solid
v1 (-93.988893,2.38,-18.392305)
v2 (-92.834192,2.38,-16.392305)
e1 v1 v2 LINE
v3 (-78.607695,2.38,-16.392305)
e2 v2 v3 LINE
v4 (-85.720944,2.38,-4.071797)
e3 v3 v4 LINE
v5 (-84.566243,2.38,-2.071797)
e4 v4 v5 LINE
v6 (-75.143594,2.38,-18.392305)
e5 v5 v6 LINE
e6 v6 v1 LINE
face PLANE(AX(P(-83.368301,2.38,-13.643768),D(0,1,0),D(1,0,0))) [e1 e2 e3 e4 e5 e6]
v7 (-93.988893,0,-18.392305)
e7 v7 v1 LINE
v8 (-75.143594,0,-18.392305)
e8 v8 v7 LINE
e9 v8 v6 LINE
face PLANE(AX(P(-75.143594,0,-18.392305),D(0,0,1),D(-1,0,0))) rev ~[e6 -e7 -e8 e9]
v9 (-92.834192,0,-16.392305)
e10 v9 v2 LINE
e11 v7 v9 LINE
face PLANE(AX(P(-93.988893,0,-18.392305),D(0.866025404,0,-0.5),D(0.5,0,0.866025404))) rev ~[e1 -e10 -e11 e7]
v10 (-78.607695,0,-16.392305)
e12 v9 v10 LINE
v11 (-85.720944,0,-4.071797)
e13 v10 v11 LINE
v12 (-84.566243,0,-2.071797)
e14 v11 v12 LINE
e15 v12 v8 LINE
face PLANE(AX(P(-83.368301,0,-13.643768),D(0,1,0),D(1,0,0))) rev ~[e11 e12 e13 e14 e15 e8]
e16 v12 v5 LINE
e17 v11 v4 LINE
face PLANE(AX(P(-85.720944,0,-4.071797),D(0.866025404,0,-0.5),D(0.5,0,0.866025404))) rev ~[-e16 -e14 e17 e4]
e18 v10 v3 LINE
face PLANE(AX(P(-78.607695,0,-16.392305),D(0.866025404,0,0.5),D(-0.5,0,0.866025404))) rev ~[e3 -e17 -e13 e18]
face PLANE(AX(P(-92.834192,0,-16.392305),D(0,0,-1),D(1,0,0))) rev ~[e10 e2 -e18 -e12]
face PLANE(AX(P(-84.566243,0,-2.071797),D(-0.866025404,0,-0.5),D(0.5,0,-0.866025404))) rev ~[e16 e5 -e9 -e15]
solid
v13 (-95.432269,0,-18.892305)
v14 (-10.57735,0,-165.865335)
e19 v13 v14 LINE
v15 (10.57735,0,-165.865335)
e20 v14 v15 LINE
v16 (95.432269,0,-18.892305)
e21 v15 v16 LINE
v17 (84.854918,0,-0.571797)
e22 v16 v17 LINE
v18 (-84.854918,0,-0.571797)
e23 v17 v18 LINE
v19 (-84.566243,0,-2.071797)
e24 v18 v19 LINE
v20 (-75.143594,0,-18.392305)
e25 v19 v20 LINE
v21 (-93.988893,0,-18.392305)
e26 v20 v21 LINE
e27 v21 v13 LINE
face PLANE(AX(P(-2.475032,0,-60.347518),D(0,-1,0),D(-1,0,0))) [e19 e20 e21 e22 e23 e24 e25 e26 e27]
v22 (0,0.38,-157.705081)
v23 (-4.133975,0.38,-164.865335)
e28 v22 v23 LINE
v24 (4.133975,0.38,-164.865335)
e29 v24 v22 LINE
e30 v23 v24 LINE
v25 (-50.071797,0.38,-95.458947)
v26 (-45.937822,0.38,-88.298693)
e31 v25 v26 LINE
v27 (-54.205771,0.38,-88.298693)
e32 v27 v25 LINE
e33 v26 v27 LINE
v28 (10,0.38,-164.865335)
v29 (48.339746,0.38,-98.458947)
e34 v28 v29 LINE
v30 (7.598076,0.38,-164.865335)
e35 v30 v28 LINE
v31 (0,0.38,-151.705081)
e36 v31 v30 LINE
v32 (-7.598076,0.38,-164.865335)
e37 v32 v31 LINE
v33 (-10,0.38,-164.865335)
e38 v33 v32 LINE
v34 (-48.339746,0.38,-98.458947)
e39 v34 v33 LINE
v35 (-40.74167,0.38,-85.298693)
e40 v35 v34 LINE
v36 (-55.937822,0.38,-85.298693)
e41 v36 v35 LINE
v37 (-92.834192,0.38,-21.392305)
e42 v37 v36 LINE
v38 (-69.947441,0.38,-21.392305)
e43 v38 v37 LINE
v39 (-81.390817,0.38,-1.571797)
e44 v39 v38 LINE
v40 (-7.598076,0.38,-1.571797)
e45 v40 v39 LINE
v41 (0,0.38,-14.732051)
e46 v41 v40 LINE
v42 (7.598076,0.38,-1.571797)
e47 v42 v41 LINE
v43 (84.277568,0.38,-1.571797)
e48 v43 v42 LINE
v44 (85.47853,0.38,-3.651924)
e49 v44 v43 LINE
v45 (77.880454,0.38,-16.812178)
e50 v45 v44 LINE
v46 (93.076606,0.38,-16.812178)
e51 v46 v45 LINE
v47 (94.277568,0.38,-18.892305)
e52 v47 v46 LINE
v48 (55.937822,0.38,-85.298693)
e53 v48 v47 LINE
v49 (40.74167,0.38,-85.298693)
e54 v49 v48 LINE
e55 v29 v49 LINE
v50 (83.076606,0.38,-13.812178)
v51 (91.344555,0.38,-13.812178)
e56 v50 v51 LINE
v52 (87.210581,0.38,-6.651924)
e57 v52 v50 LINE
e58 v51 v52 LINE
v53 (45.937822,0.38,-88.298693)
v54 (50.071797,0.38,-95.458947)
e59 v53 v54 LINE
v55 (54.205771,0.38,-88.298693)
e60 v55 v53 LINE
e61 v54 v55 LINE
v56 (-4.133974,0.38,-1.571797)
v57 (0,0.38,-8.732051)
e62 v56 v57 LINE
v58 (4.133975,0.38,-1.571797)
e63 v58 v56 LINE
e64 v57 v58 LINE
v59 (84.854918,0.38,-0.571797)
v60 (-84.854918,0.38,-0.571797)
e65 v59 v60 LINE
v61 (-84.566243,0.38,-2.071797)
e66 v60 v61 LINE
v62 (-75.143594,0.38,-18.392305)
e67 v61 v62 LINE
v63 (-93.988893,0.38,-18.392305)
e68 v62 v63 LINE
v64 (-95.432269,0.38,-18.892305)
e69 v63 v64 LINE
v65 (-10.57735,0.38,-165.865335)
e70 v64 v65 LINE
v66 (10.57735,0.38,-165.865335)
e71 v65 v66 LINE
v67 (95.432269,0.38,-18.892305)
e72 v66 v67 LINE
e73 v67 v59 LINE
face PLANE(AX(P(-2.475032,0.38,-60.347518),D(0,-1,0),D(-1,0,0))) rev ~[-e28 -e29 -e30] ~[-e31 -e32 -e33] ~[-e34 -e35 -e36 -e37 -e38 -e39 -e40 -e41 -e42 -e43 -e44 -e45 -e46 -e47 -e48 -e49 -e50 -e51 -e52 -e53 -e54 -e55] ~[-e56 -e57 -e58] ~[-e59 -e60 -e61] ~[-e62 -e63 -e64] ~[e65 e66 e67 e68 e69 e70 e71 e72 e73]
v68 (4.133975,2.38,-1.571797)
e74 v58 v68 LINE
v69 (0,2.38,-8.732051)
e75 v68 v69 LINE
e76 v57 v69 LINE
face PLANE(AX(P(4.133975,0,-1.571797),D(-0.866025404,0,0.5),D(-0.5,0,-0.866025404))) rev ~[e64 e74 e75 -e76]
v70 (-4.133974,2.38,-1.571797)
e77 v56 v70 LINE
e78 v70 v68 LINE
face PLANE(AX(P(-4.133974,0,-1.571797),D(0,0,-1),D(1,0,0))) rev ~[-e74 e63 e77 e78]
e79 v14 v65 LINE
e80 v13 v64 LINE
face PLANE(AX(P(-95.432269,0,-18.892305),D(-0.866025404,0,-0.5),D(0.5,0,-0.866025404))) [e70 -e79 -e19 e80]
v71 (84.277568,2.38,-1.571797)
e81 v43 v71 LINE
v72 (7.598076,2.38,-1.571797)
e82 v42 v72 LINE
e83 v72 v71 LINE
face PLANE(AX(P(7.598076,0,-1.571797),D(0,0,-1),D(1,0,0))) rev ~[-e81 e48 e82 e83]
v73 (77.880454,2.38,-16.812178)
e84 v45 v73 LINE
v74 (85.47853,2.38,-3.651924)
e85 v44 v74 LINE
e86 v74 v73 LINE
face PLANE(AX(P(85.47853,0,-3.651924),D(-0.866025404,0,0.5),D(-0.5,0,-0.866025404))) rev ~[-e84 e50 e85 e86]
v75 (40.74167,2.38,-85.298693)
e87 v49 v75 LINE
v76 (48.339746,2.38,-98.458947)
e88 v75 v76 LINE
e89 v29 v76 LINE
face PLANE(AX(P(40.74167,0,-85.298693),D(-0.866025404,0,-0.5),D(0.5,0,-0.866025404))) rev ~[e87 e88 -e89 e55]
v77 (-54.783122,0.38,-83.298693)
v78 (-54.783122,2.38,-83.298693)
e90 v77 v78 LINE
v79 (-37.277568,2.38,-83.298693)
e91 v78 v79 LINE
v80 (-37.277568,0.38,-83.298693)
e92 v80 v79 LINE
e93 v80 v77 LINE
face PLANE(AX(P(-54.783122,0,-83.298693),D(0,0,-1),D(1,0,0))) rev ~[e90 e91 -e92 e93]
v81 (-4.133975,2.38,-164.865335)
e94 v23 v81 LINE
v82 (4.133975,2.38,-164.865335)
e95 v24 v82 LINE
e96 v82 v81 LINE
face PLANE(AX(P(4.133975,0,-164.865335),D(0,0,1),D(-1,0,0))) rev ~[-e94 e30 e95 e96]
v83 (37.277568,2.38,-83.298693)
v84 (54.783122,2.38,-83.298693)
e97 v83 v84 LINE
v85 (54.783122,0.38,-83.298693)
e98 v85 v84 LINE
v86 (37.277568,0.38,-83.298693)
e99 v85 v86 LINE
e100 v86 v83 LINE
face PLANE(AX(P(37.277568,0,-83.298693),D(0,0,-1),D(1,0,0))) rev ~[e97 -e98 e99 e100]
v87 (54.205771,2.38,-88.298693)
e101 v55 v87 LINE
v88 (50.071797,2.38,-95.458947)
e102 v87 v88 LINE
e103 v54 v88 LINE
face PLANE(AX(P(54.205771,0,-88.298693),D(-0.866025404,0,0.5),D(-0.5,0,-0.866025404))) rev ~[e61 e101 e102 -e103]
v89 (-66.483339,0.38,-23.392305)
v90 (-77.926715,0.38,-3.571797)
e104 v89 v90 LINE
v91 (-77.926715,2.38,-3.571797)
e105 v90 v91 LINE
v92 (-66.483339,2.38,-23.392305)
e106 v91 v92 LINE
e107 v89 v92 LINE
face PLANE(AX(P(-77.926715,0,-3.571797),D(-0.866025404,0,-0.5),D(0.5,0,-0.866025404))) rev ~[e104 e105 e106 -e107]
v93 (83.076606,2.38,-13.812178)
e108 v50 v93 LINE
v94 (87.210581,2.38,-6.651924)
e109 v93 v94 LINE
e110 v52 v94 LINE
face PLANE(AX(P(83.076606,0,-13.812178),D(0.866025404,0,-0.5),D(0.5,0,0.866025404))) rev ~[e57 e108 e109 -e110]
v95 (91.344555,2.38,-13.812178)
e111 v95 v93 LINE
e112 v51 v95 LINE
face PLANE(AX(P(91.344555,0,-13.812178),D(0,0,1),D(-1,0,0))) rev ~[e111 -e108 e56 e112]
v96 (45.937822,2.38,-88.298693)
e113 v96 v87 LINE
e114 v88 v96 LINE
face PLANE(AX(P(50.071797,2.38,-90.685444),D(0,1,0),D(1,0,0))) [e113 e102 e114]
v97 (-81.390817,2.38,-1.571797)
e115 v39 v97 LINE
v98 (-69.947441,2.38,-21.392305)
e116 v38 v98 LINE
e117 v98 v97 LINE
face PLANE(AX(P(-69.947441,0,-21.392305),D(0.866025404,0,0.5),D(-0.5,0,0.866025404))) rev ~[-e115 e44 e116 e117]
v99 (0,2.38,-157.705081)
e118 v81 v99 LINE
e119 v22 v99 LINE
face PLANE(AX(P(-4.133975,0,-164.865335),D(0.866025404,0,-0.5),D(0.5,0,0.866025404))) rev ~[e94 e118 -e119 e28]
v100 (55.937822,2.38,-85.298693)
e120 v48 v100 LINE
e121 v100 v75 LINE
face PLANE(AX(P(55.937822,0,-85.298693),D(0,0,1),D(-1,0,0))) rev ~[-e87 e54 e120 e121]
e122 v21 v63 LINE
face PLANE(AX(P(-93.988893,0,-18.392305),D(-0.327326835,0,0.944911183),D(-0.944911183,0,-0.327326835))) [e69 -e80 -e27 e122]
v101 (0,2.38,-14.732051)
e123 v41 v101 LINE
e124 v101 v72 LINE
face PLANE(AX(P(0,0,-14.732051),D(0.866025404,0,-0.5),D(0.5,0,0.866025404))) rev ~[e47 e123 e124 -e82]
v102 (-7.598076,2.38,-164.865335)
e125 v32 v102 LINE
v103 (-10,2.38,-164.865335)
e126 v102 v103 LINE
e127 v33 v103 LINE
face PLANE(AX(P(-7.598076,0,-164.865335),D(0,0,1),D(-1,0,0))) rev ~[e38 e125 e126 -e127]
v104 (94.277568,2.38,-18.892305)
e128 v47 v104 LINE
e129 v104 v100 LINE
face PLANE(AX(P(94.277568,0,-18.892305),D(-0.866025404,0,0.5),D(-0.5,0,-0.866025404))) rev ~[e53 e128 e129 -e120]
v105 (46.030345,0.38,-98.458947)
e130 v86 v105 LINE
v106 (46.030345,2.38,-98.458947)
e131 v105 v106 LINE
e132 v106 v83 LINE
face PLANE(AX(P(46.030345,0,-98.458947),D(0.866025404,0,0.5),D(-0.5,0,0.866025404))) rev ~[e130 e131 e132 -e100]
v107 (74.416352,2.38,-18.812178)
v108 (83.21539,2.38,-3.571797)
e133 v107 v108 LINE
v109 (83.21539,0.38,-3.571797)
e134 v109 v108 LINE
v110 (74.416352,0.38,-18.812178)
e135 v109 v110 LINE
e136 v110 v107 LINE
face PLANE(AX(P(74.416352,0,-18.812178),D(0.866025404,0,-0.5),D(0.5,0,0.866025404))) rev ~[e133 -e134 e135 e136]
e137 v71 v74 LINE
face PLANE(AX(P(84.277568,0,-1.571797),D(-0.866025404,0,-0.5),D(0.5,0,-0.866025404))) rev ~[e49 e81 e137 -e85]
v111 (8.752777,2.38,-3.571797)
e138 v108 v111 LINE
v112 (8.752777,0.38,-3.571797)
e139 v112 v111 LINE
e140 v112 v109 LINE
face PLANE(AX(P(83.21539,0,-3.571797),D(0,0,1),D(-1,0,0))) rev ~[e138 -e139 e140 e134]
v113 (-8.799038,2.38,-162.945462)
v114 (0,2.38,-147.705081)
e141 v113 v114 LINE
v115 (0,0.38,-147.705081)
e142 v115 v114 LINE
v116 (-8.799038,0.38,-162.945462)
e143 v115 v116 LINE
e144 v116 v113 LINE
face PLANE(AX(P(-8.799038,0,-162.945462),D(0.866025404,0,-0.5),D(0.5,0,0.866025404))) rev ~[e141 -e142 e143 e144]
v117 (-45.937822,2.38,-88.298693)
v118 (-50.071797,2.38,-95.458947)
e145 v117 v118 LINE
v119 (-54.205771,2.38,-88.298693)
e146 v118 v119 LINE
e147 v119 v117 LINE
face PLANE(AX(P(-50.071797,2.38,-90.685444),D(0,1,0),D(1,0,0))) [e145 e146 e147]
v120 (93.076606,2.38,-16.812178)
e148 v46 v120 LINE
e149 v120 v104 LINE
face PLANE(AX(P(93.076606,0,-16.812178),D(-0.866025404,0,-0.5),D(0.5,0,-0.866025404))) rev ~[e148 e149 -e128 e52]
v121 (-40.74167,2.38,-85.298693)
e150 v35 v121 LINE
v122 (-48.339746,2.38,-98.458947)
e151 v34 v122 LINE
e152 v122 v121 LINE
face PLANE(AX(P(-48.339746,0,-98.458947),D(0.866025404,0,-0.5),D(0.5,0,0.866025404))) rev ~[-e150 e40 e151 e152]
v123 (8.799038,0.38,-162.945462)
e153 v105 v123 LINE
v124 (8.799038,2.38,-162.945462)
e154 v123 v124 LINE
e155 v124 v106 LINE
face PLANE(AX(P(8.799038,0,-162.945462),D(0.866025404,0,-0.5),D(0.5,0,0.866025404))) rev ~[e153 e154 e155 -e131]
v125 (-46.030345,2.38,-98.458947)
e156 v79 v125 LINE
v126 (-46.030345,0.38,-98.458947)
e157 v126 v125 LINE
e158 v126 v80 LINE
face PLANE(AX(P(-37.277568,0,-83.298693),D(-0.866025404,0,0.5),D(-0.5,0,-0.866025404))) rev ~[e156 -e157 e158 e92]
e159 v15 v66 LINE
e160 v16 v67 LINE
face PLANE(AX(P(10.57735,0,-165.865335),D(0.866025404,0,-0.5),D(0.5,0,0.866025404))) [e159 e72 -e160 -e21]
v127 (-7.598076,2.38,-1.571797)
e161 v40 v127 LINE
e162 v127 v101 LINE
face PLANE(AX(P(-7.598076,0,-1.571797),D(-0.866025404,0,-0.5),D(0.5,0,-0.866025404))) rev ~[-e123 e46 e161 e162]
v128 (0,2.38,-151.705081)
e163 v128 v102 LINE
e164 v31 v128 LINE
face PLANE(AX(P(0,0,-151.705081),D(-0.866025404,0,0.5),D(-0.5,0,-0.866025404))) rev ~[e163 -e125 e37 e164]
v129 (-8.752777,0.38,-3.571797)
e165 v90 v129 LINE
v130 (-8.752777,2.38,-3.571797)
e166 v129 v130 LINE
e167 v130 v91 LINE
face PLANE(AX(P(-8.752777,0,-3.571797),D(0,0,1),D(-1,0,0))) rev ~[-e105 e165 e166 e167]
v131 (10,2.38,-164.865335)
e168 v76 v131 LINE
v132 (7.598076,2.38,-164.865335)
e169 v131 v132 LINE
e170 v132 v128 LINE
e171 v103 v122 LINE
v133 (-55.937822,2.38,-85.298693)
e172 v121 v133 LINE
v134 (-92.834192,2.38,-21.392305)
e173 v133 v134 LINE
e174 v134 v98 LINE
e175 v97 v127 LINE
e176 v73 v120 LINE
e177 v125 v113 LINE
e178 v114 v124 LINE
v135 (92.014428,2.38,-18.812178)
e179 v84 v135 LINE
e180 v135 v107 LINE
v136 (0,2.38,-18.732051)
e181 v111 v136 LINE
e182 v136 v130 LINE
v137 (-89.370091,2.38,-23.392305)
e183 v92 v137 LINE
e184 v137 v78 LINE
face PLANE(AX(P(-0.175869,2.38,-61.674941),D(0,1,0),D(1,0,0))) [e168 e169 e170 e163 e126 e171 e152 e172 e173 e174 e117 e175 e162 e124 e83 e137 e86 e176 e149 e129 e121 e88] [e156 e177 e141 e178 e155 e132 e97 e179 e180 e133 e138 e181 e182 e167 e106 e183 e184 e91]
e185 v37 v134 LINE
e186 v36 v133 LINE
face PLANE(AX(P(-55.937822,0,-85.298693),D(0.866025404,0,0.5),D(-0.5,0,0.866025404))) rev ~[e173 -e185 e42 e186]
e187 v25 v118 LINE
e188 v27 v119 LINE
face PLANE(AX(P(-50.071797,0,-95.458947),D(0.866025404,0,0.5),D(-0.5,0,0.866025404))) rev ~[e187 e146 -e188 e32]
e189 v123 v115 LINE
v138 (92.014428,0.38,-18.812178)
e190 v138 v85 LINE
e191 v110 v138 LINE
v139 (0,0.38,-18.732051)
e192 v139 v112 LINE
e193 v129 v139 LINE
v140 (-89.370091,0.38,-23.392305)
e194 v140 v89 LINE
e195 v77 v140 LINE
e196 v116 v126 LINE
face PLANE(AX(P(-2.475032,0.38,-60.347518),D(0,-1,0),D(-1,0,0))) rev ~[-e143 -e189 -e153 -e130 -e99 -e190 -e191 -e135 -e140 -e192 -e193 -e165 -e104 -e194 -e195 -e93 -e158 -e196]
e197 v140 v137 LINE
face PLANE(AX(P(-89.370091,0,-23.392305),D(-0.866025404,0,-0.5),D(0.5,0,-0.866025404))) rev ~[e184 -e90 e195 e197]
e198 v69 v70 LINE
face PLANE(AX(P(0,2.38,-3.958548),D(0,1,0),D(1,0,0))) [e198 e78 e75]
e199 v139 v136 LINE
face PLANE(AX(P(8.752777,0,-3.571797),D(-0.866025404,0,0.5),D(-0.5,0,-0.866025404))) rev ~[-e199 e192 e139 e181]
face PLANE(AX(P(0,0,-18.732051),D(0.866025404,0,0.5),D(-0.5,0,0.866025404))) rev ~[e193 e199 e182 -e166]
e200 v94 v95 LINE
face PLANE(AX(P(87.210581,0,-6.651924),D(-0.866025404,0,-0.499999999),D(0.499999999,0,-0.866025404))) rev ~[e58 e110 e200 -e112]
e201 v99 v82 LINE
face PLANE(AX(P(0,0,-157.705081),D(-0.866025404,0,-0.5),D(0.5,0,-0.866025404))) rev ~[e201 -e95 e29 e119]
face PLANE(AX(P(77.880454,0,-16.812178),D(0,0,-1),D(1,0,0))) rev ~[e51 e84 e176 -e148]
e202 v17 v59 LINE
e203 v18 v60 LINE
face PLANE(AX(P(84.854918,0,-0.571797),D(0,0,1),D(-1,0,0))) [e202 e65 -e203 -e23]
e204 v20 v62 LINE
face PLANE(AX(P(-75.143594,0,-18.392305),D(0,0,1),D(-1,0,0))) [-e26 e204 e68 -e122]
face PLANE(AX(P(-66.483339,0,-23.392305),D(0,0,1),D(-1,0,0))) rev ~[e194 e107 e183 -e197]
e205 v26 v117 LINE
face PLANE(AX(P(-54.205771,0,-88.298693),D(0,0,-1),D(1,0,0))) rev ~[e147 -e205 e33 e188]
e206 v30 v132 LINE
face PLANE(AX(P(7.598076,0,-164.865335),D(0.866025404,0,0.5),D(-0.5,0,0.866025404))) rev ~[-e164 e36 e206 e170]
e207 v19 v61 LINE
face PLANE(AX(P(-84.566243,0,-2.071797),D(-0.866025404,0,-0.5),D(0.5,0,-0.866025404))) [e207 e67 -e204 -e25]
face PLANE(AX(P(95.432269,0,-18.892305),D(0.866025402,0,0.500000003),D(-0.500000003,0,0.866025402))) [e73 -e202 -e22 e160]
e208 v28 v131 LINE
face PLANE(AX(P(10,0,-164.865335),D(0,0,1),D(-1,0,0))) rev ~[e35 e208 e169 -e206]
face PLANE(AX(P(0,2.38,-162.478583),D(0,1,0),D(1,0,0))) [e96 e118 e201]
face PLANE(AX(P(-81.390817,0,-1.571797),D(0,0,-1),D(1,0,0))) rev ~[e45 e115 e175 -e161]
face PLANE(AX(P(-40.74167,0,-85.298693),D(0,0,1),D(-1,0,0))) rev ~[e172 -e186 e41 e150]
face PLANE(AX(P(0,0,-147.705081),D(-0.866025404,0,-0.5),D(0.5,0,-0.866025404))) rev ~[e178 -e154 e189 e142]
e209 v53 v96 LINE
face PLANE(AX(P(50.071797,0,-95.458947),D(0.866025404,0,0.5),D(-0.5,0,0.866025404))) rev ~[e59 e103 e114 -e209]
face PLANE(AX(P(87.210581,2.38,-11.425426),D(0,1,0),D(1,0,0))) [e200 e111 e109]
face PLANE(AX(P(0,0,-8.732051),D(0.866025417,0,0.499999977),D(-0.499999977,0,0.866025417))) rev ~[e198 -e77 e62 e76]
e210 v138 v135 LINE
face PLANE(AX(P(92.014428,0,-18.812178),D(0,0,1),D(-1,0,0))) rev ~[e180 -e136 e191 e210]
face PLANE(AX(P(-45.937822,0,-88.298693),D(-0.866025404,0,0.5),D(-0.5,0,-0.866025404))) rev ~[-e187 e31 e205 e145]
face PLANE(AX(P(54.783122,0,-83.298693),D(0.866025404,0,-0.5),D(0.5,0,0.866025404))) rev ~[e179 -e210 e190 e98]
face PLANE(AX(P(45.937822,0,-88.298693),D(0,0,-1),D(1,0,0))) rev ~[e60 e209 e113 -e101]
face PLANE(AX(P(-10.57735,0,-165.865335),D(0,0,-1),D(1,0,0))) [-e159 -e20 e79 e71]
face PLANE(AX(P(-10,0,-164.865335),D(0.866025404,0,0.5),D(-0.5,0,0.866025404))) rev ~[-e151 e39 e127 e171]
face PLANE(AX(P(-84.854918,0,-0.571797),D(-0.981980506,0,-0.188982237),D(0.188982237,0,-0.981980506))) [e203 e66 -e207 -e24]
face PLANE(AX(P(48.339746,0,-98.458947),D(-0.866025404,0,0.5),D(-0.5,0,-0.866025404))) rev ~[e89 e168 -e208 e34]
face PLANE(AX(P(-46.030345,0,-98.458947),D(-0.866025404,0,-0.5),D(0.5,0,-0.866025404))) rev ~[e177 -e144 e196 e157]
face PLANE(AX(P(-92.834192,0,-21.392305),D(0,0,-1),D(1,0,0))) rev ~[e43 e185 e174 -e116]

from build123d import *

# Parameters (mm, degrees)
BOSS_EXTRUDE1_DEPTH   = 2.38
BOSS_EXTRUDE1_2_DEPTH = 2.38
BOSS_EXTRUDE1_3_DEPTH = 2.38
BOSS_EXTRUDE1_4_DEPTH = 2.38
BOSS_EXTRUDE1_5_DEPTH = 2.38
BOSS_EXTRUDE1_6_DEPTH = 2.38
BOSS_EXTRUDE1_7_DEPTH = 2.38
BOSS_EXTRUDE4_DEPTH   = 0.38


with BuildPart() as part:
    # Sketch1 → Boss-Extrude1 (new body)
    with BuildSketch(Plane(origin=(0, 0, 0), x_dir=(1, 0, 0), z_dir=(0, 1, 0))):
        Polygon((-85.720943795, 4.071796796), (-84.566243256, 2.071796795), (-75.143593538, 18.392304849), (-93.988892974, 18.392304849), (-92.834192436, 16.392304849), (-78.607695153, 16.392304849), align=None)
    extrude(amount=BOSS_EXTRUDE1_DEPTH)


with BuildPart() as body_2:
    # Sketch1 → Boss-Extrude1 2 (new body)
    with BuildSketch(Plane(origin=(0, 0, 0), x_dir=(1, 0, 0), z_dir=(0, 1, 0))):
        Polygon((-1.08e-07, 8.732050756), (-4.133974466, 1.571796687), (4.133974507, 1.571796687), align=None)
    extrude(amount=BOSS_EXTRUDE1_2_DEPTH)


with BuildPart() as body_3:
    # Sketch1 → Boss-Extrude1 3 (new body)
    with BuildSketch(Plane(origin=(0, 0, 0), x_dir=(1, 0, 0), z_dir=(0, 1, 0))):
        Polygon((91.344555444, 13.812177834), (83.076606252, 13.812177834), (87.210580853, 6.651923788), align=None)
    extrude(amount=BOSS_EXTRUDE1_3_DEPTH)


with BuildPart() as body_4:
    # Sketch1 → Boss-Extrude1 4 (new body)
    with BuildSketch(Plane(origin=(0, 0, 0), x_dir=(1, 0, 0), z_dir=(0, 1, 0))):
        Polygon((50.07179685, 95.458946841), (45.937822254, 88.298692803), (54.205771446, 88.298692803), align=None)
    extrude(amount=BOSS_EXTRUDE1_4_DEPTH)


with BuildPart() as body_5:
    # Sketch1 → Boss-Extrude1 5 (new body)
    with BuildSketch(Plane(origin=(0, 0, 0), x_dir=(1, 0, 0), z_dir=(0, 1, 0))):
        Polygon((4.133974596, 164.865334799), (-4.133974596, 164.865334799), (0, 157.705080761), align=None)
    extrude(amount=BOSS_EXTRUDE1_5_DEPTH)


with BuildPart() as body_6:
    # Sketch1 → Boss-Extrude1 6 (new body)
    with BuildSketch(Plane(origin=(0, 0, 0), x_dir=(1, 0, 0), z_dir=(0, 1, 0))):
        Polygon((-50.071796745, 95.458946839), (-54.205771341, 88.298692801), (-45.937822149, 88.298692801), align=None)
    extrude(amount=BOSS_EXTRUDE1_6_DEPTH)


with BuildPart() as body_7:
    # Sketch1 → Boss-Extrude1 7 (new body)
    with BuildSketch(Plane(origin=(0, 0, 0), x_dir=(1, 0, 0), z_dir=(0, 1, 0))):
        Polygon((-92.834192436, 21.392304849), (-69.947441134, 21.392304849), (-81.390816785, 1.571796811), (-7.598076227, 1.571796811), (5.6e-08, 14.732050972), (7.598076338, 1.571796812), (84.27756817, 1.571796812), (85.478530104, 3.651923899), (77.880453952, 16.812177834), (93.076606256, 16.812177834), (94.277568143, 18.892304841), (55.937822181, 85.298692796), (40.741669759, 85.298692796), (48.33974597, 98.458946834), (10.000000007, 164.865334792), (7.598076211, 164.865334792), (0, 151.705080754), (-7.598076212, 164.865334792), (-9.999999977, 164.865334792), (-48.339745938, 98.458946839), (-40.741669726, 85.298692801), (-55.937822149, 85.298692801), align=None)
        Polygon((-8.752776823, 3.571796679), (-77.926715228, 3.571796679), (-66.4833395, 23.392304849), (-89.370090821, 23.392304849), (-54.783121611, 83.298692801), (-37.277568111, 83.298692801), (-46.030344861, 98.458946839), (-8.799038094, 162.945461791), (0, 147.705080754), (8.799038109, 162.945461817), (46.030344894, 98.458946834), (37.277568144, 83.298692796), (54.783121643, 83.298692796), (92.014428415, 18.812177834), (74.416352337, 18.812177834), (83.2153905, 3.571796679), (8.752776819, 3.571796679), (-2e-09, 18.73205084), align=None, mode=Mode.SUBTRACT)
    extrude(amount=BOSS_EXTRUDE1_7_DEPTH)


    add(body_6.part)  # Boss-Extrude4 merges body 6

    add(body_2.part)  # Boss-Extrude4 merges body 2

    add(body_3.part)  # Boss-Extrude4 merges body 3

    add(body_4.part)  # Boss-Extrude4 merges body 4

    add(body_5.part)  # Boss-Extrude4 merges body 5
    # Sketch1<8> → Boss-Extrude4 (add)
    # profile 1 of 2: a face of its own
    with BuildSketch(Plane(origin=(0, 0, 0), x_dir=(1, 0, 0), z_dir=(0, 1, 0))):
        Polygon((-75.143593538, 18.392304849), (-84.566243256, 2.071796795), (-84.854918391, 0.571796796), (84.85491843, 0.571796796), (95.432268703, 18.892304753), (10.577350242, 165.865334799), (-10.577350242, 165.865334799), (-95.432268647, 18.892304849), (-93.988892974, 18.392304849), align=None)
        Polygon((4.133974507, 1.571796687), (-4.133974466, 1.571796687), (-1.08e-07, 8.732050756), align=None, mode=Mode.SUBTRACT)
        Polygon((87.210580853, 6.651923788), (83.076606252, 13.812177834), (91.344555444, 13.812177834), align=None, mode=Mode.SUBTRACT)
        Polygon((-45.937822149, 88.298692801), (-54.205771341, 88.298692801), (-50.071796745, 95.458946839), align=None, mode=Mode.SUBTRACT)
        Polygon((0, 157.705080761), (-4.133974596, 164.865334799), (4.133974596, 164.865334799), align=None, mode=Mode.SUBTRACT)
        Polygon((-81.390816785, 1.571796811), (-69.947441134, 21.392304849), (-92.834192436, 21.392304849), (-55.937822149, 85.298692801), (-40.741669726, 85.298692801), (-48.339745938, 98.458946839), (-9.999999977, 164.865334792), (-7.598076212, 164.865334792), (0, 151.705080754), (7.598076211, 164.865334792), (10.000000007, 164.865334792), (48.33974597, 98.458946834), (40.741669759, 85.298692796), (55.937822181, 85.298692796), (94.277568143, 18.892304841), (93.076606256, 16.812177834), (77.880453952, 16.812177834), (85.478530104, 3.651923899), (84.27756817, 1.571796812), (7.598076338, 1.571796812), (5.6e-08, 14.732050972), (-7.598076227, 1.571796811), align=None, mode=Mode.SUBTRACT)
        Polygon((54.205771446, 88.298692803), (45.937822254, 88.298692803), (50.07179685, 95.458946841), align=None, mode=Mode.SUBTRACT)
    # profile 2 of 2: a face of its own
    with BuildSketch(Plane(origin=(0, 0, 0), x_dir=(1, 0, 0), z_dir=(0, 1, 0))):
        Polygon((-66.4833395, 23.392304849), (-77.926715228, 3.571796679), (-8.752776823, 3.571796679), (-2e-09, 18.73205084), (8.752776819, 3.571796679), (83.2153905, 3.571796679), (74.416352337, 18.812177834), (92.014428415, 18.812177834), (54.783121643, 83.298692796), (37.277568144, 83.298692796), (46.030344894, 98.458946834), (8.799038109, 162.945461817), (0, 147.705080754), (-8.799038094, 162.945461791), (-46.030344861, 98.458946839), (-37.277568111, 83.298692801), (-54.783121611, 83.298692801), (-89.370090821, 23.392304849), align=None)
    extrude(amount=BOSS_EXTRUDE4_DEPTH)


solid = Compound([part.part, body_7.part])
